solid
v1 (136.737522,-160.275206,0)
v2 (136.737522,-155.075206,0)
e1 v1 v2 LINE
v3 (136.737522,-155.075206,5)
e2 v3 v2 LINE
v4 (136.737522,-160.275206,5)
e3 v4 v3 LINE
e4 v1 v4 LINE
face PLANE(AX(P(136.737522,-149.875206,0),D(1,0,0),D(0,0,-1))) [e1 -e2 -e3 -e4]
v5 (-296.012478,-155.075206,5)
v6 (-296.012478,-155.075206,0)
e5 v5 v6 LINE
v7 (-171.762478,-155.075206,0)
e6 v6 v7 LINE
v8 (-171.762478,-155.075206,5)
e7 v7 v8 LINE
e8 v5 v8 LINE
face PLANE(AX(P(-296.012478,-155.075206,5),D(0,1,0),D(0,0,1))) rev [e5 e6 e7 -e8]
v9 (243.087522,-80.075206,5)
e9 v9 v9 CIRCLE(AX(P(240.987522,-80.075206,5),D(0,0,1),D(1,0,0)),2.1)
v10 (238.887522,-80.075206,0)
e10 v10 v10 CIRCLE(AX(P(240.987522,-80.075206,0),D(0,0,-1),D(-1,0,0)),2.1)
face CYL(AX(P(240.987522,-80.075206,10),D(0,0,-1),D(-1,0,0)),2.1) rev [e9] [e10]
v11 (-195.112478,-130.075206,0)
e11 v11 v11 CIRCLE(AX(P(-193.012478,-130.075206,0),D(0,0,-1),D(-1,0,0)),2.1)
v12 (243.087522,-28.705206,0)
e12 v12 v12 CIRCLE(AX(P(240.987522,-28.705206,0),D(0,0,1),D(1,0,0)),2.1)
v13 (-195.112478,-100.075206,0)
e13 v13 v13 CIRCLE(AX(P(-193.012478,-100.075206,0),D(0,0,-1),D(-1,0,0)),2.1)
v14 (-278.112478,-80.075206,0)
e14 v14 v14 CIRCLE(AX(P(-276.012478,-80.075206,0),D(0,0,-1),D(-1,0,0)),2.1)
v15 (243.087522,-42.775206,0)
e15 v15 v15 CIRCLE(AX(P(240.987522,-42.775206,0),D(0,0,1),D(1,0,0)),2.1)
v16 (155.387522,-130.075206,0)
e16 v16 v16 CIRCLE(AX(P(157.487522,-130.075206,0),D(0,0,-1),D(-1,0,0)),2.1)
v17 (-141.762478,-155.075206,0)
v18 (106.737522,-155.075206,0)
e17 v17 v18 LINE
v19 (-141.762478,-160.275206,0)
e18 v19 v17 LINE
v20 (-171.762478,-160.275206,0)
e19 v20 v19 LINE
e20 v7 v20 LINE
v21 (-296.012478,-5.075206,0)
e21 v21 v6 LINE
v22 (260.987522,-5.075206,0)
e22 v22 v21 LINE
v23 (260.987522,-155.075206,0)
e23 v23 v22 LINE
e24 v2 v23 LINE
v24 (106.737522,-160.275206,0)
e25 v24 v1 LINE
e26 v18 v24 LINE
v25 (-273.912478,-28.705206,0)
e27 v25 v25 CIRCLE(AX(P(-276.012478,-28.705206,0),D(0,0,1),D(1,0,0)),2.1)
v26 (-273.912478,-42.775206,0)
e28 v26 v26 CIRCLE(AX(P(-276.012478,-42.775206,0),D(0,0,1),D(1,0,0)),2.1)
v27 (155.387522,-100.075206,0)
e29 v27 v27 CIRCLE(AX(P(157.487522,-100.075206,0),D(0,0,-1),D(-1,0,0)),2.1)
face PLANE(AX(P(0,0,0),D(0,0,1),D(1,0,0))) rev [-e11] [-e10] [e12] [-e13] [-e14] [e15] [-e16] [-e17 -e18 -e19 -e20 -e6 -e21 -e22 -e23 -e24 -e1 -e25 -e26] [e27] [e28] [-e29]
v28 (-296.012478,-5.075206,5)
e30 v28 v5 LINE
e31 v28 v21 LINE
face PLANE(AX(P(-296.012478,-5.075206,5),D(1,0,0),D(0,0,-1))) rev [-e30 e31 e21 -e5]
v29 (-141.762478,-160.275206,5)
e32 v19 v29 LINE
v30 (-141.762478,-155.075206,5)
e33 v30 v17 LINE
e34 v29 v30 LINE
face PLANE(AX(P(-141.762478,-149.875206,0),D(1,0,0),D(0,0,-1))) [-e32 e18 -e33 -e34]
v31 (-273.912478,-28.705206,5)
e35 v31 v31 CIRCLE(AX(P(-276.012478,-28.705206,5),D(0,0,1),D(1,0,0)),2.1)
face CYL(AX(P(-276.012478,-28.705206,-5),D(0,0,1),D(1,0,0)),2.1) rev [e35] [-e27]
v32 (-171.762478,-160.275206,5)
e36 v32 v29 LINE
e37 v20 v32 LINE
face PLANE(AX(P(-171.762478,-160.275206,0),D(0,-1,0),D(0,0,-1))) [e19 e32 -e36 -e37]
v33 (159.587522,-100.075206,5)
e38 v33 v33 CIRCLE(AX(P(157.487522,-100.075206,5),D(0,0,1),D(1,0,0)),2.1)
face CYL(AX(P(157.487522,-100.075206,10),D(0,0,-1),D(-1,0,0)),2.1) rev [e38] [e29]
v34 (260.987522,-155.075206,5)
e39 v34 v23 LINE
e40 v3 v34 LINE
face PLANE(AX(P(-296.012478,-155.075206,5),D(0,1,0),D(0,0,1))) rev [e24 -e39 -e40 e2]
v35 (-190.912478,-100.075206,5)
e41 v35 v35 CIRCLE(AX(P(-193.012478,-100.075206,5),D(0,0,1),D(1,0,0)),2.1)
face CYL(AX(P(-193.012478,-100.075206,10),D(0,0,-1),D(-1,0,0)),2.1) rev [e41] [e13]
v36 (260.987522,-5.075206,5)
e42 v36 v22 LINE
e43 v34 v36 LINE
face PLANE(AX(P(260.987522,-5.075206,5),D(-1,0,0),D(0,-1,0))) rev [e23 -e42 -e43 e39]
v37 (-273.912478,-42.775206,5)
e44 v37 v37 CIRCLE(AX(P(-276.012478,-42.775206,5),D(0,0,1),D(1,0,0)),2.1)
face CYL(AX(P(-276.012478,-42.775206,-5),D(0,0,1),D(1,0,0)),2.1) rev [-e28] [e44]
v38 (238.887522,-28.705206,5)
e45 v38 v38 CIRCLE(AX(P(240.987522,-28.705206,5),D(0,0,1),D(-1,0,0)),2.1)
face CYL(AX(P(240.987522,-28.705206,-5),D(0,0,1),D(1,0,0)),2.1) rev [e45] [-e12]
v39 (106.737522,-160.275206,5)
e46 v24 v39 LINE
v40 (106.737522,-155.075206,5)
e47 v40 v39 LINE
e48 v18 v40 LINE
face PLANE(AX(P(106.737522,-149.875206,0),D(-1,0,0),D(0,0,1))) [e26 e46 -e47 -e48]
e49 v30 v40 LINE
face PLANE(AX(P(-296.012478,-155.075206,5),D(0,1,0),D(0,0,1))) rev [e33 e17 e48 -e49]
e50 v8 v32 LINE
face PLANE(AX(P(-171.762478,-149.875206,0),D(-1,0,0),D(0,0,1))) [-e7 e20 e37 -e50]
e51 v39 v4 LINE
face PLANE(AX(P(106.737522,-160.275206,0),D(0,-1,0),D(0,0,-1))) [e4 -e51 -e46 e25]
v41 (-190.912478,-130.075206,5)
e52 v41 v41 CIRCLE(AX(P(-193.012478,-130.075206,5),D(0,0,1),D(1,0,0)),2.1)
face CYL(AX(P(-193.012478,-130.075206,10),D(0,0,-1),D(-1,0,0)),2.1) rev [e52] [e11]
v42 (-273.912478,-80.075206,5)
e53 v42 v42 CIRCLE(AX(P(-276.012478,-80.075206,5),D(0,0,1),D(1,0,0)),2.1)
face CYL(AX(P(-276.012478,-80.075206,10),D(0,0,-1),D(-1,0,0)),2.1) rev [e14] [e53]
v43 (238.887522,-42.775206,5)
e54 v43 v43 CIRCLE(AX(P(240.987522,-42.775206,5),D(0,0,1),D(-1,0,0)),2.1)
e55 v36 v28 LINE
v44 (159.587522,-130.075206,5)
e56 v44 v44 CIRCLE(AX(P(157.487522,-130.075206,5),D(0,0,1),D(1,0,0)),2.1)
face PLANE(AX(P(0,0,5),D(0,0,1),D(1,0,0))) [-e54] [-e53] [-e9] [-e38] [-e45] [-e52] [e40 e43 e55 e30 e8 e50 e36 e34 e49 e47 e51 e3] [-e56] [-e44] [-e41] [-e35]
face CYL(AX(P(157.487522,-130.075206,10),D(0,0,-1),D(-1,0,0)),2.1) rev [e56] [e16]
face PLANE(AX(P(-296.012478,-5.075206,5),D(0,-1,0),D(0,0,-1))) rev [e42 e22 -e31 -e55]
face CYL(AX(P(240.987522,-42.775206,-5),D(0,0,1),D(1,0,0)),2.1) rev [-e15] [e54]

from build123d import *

# Parameters (mm, degrees)
SKETCH1_W           = 557
SKETCH1_H           = 150
BOSS_EXTRUDE1_DEPTH = 5
SKETCH2_W           = 30
SKETCH2_H           = 10.4
BOSS_EXTRUDE2_DEPTH = 5
SKETCH3_R           = 2.1
CUT_EXTRUDE1_DEPTH  = 10
SKETCH4_R           = 2.1
CUT_EXTRUDE2_DEPTH  = 10
SKETCH5_R           = 2.1
CUT_EXTRUDE3_DEPTH  = 10
SKETCH6_R           = 2.1
CUT_EXTRUDE4_DEPTH  = 10


with BuildPart() as part:
    # Sketch1 → Boss-Extrude1 (new body)
    with BuildSketch(Plane.XY):
        with Locations((-17.512478204, -80.075206465)):
            Rectangle(SKETCH1_W, SKETCH1_H)
    extrude(amount=BOSS_EXTRUDE1_DEPTH)

    # Sketch2 → Boss-Extrude2 (add)
    with BuildSketch(Plane.XY.offset(5)):
        with Locations((-156.762478204, -155.075206465)):
            Rectangle(SKETCH2_W, SKETCH2_H)
        with Locations((121.737521796, -155.075206465)):
            Rectangle(SKETCH2_W, SKETCH2_H)
    extrude(amount=-BOSS_EXTRUDE2_DEPTH)

    # Sketch3 → Cut-Extrude1 (cut)
    with BuildSketch(Plane.XY.offset(5)):
        with Locations((-276.012478204, -28.705206465)):
            Circle(SKETCH3_R)
        with Locations((-276.012478204, -42.775206465)):
            Circle(SKETCH3_R)
        with Locations((240.987521796, -42.775206465)):
            Circle(SKETCH3_R)
        with Locations((240.987521796, -28.705206465)):
            Circle(SKETCH3_R)
    extrude(amount=-CUT_EXTRUDE1_DEPTH, mode=Mode.SUBTRACT)

    # Sketch4 → Cut-Extrude2 (cut)
    with BuildSketch(Plane(origin=(0, 0, 0), x_dir=(-1, 0, 0), z_dir=(0, 0, -1))):
        with Locations((-240.987521796, -80.075206465)):
            Circle(SKETCH4_R)
        with Locations((276.012478204, -80.075206465)):
            Circle(SKETCH4_R)
    extrude(amount=-CUT_EXTRUDE2_DEPTH, mode=Mode.SUBTRACT)

    # Sketch5 → Cut-Extrude3 (cut)
    with BuildSketch(Plane(origin=(0, 0, 0), x_dir=(-1, 0, 0), z_dir=(0, 0, -1))):
        with Locations((-157.487521796, -130.075206465)):
            Circle(SKETCH5_R)
        with Locations((-157.487521796, -100.075206465)):
            Circle(SKETCH5_R)
    extrude(amount=-CUT_EXTRUDE3_DEPTH, mode=Mode.SUBTRACT)

    # Sketch6 → Cut-Extrude4 (cut)
    with BuildSketch(Plane(origin=(0, 0, 0), x_dir=(-1, 0, 0), z_dir=(0, 0, -1))):
        with Locations((193.012478204, -130.075206465)):
            Circle(SKETCH6_R)
        with Locations((193.012478204, -100.075206465)):
            Circle(SKETCH6_R)
    extrude(amount=-CUT_EXTRUDE4_DEPTH, mode=Mode.SUBTRACT)


solid = part.part
